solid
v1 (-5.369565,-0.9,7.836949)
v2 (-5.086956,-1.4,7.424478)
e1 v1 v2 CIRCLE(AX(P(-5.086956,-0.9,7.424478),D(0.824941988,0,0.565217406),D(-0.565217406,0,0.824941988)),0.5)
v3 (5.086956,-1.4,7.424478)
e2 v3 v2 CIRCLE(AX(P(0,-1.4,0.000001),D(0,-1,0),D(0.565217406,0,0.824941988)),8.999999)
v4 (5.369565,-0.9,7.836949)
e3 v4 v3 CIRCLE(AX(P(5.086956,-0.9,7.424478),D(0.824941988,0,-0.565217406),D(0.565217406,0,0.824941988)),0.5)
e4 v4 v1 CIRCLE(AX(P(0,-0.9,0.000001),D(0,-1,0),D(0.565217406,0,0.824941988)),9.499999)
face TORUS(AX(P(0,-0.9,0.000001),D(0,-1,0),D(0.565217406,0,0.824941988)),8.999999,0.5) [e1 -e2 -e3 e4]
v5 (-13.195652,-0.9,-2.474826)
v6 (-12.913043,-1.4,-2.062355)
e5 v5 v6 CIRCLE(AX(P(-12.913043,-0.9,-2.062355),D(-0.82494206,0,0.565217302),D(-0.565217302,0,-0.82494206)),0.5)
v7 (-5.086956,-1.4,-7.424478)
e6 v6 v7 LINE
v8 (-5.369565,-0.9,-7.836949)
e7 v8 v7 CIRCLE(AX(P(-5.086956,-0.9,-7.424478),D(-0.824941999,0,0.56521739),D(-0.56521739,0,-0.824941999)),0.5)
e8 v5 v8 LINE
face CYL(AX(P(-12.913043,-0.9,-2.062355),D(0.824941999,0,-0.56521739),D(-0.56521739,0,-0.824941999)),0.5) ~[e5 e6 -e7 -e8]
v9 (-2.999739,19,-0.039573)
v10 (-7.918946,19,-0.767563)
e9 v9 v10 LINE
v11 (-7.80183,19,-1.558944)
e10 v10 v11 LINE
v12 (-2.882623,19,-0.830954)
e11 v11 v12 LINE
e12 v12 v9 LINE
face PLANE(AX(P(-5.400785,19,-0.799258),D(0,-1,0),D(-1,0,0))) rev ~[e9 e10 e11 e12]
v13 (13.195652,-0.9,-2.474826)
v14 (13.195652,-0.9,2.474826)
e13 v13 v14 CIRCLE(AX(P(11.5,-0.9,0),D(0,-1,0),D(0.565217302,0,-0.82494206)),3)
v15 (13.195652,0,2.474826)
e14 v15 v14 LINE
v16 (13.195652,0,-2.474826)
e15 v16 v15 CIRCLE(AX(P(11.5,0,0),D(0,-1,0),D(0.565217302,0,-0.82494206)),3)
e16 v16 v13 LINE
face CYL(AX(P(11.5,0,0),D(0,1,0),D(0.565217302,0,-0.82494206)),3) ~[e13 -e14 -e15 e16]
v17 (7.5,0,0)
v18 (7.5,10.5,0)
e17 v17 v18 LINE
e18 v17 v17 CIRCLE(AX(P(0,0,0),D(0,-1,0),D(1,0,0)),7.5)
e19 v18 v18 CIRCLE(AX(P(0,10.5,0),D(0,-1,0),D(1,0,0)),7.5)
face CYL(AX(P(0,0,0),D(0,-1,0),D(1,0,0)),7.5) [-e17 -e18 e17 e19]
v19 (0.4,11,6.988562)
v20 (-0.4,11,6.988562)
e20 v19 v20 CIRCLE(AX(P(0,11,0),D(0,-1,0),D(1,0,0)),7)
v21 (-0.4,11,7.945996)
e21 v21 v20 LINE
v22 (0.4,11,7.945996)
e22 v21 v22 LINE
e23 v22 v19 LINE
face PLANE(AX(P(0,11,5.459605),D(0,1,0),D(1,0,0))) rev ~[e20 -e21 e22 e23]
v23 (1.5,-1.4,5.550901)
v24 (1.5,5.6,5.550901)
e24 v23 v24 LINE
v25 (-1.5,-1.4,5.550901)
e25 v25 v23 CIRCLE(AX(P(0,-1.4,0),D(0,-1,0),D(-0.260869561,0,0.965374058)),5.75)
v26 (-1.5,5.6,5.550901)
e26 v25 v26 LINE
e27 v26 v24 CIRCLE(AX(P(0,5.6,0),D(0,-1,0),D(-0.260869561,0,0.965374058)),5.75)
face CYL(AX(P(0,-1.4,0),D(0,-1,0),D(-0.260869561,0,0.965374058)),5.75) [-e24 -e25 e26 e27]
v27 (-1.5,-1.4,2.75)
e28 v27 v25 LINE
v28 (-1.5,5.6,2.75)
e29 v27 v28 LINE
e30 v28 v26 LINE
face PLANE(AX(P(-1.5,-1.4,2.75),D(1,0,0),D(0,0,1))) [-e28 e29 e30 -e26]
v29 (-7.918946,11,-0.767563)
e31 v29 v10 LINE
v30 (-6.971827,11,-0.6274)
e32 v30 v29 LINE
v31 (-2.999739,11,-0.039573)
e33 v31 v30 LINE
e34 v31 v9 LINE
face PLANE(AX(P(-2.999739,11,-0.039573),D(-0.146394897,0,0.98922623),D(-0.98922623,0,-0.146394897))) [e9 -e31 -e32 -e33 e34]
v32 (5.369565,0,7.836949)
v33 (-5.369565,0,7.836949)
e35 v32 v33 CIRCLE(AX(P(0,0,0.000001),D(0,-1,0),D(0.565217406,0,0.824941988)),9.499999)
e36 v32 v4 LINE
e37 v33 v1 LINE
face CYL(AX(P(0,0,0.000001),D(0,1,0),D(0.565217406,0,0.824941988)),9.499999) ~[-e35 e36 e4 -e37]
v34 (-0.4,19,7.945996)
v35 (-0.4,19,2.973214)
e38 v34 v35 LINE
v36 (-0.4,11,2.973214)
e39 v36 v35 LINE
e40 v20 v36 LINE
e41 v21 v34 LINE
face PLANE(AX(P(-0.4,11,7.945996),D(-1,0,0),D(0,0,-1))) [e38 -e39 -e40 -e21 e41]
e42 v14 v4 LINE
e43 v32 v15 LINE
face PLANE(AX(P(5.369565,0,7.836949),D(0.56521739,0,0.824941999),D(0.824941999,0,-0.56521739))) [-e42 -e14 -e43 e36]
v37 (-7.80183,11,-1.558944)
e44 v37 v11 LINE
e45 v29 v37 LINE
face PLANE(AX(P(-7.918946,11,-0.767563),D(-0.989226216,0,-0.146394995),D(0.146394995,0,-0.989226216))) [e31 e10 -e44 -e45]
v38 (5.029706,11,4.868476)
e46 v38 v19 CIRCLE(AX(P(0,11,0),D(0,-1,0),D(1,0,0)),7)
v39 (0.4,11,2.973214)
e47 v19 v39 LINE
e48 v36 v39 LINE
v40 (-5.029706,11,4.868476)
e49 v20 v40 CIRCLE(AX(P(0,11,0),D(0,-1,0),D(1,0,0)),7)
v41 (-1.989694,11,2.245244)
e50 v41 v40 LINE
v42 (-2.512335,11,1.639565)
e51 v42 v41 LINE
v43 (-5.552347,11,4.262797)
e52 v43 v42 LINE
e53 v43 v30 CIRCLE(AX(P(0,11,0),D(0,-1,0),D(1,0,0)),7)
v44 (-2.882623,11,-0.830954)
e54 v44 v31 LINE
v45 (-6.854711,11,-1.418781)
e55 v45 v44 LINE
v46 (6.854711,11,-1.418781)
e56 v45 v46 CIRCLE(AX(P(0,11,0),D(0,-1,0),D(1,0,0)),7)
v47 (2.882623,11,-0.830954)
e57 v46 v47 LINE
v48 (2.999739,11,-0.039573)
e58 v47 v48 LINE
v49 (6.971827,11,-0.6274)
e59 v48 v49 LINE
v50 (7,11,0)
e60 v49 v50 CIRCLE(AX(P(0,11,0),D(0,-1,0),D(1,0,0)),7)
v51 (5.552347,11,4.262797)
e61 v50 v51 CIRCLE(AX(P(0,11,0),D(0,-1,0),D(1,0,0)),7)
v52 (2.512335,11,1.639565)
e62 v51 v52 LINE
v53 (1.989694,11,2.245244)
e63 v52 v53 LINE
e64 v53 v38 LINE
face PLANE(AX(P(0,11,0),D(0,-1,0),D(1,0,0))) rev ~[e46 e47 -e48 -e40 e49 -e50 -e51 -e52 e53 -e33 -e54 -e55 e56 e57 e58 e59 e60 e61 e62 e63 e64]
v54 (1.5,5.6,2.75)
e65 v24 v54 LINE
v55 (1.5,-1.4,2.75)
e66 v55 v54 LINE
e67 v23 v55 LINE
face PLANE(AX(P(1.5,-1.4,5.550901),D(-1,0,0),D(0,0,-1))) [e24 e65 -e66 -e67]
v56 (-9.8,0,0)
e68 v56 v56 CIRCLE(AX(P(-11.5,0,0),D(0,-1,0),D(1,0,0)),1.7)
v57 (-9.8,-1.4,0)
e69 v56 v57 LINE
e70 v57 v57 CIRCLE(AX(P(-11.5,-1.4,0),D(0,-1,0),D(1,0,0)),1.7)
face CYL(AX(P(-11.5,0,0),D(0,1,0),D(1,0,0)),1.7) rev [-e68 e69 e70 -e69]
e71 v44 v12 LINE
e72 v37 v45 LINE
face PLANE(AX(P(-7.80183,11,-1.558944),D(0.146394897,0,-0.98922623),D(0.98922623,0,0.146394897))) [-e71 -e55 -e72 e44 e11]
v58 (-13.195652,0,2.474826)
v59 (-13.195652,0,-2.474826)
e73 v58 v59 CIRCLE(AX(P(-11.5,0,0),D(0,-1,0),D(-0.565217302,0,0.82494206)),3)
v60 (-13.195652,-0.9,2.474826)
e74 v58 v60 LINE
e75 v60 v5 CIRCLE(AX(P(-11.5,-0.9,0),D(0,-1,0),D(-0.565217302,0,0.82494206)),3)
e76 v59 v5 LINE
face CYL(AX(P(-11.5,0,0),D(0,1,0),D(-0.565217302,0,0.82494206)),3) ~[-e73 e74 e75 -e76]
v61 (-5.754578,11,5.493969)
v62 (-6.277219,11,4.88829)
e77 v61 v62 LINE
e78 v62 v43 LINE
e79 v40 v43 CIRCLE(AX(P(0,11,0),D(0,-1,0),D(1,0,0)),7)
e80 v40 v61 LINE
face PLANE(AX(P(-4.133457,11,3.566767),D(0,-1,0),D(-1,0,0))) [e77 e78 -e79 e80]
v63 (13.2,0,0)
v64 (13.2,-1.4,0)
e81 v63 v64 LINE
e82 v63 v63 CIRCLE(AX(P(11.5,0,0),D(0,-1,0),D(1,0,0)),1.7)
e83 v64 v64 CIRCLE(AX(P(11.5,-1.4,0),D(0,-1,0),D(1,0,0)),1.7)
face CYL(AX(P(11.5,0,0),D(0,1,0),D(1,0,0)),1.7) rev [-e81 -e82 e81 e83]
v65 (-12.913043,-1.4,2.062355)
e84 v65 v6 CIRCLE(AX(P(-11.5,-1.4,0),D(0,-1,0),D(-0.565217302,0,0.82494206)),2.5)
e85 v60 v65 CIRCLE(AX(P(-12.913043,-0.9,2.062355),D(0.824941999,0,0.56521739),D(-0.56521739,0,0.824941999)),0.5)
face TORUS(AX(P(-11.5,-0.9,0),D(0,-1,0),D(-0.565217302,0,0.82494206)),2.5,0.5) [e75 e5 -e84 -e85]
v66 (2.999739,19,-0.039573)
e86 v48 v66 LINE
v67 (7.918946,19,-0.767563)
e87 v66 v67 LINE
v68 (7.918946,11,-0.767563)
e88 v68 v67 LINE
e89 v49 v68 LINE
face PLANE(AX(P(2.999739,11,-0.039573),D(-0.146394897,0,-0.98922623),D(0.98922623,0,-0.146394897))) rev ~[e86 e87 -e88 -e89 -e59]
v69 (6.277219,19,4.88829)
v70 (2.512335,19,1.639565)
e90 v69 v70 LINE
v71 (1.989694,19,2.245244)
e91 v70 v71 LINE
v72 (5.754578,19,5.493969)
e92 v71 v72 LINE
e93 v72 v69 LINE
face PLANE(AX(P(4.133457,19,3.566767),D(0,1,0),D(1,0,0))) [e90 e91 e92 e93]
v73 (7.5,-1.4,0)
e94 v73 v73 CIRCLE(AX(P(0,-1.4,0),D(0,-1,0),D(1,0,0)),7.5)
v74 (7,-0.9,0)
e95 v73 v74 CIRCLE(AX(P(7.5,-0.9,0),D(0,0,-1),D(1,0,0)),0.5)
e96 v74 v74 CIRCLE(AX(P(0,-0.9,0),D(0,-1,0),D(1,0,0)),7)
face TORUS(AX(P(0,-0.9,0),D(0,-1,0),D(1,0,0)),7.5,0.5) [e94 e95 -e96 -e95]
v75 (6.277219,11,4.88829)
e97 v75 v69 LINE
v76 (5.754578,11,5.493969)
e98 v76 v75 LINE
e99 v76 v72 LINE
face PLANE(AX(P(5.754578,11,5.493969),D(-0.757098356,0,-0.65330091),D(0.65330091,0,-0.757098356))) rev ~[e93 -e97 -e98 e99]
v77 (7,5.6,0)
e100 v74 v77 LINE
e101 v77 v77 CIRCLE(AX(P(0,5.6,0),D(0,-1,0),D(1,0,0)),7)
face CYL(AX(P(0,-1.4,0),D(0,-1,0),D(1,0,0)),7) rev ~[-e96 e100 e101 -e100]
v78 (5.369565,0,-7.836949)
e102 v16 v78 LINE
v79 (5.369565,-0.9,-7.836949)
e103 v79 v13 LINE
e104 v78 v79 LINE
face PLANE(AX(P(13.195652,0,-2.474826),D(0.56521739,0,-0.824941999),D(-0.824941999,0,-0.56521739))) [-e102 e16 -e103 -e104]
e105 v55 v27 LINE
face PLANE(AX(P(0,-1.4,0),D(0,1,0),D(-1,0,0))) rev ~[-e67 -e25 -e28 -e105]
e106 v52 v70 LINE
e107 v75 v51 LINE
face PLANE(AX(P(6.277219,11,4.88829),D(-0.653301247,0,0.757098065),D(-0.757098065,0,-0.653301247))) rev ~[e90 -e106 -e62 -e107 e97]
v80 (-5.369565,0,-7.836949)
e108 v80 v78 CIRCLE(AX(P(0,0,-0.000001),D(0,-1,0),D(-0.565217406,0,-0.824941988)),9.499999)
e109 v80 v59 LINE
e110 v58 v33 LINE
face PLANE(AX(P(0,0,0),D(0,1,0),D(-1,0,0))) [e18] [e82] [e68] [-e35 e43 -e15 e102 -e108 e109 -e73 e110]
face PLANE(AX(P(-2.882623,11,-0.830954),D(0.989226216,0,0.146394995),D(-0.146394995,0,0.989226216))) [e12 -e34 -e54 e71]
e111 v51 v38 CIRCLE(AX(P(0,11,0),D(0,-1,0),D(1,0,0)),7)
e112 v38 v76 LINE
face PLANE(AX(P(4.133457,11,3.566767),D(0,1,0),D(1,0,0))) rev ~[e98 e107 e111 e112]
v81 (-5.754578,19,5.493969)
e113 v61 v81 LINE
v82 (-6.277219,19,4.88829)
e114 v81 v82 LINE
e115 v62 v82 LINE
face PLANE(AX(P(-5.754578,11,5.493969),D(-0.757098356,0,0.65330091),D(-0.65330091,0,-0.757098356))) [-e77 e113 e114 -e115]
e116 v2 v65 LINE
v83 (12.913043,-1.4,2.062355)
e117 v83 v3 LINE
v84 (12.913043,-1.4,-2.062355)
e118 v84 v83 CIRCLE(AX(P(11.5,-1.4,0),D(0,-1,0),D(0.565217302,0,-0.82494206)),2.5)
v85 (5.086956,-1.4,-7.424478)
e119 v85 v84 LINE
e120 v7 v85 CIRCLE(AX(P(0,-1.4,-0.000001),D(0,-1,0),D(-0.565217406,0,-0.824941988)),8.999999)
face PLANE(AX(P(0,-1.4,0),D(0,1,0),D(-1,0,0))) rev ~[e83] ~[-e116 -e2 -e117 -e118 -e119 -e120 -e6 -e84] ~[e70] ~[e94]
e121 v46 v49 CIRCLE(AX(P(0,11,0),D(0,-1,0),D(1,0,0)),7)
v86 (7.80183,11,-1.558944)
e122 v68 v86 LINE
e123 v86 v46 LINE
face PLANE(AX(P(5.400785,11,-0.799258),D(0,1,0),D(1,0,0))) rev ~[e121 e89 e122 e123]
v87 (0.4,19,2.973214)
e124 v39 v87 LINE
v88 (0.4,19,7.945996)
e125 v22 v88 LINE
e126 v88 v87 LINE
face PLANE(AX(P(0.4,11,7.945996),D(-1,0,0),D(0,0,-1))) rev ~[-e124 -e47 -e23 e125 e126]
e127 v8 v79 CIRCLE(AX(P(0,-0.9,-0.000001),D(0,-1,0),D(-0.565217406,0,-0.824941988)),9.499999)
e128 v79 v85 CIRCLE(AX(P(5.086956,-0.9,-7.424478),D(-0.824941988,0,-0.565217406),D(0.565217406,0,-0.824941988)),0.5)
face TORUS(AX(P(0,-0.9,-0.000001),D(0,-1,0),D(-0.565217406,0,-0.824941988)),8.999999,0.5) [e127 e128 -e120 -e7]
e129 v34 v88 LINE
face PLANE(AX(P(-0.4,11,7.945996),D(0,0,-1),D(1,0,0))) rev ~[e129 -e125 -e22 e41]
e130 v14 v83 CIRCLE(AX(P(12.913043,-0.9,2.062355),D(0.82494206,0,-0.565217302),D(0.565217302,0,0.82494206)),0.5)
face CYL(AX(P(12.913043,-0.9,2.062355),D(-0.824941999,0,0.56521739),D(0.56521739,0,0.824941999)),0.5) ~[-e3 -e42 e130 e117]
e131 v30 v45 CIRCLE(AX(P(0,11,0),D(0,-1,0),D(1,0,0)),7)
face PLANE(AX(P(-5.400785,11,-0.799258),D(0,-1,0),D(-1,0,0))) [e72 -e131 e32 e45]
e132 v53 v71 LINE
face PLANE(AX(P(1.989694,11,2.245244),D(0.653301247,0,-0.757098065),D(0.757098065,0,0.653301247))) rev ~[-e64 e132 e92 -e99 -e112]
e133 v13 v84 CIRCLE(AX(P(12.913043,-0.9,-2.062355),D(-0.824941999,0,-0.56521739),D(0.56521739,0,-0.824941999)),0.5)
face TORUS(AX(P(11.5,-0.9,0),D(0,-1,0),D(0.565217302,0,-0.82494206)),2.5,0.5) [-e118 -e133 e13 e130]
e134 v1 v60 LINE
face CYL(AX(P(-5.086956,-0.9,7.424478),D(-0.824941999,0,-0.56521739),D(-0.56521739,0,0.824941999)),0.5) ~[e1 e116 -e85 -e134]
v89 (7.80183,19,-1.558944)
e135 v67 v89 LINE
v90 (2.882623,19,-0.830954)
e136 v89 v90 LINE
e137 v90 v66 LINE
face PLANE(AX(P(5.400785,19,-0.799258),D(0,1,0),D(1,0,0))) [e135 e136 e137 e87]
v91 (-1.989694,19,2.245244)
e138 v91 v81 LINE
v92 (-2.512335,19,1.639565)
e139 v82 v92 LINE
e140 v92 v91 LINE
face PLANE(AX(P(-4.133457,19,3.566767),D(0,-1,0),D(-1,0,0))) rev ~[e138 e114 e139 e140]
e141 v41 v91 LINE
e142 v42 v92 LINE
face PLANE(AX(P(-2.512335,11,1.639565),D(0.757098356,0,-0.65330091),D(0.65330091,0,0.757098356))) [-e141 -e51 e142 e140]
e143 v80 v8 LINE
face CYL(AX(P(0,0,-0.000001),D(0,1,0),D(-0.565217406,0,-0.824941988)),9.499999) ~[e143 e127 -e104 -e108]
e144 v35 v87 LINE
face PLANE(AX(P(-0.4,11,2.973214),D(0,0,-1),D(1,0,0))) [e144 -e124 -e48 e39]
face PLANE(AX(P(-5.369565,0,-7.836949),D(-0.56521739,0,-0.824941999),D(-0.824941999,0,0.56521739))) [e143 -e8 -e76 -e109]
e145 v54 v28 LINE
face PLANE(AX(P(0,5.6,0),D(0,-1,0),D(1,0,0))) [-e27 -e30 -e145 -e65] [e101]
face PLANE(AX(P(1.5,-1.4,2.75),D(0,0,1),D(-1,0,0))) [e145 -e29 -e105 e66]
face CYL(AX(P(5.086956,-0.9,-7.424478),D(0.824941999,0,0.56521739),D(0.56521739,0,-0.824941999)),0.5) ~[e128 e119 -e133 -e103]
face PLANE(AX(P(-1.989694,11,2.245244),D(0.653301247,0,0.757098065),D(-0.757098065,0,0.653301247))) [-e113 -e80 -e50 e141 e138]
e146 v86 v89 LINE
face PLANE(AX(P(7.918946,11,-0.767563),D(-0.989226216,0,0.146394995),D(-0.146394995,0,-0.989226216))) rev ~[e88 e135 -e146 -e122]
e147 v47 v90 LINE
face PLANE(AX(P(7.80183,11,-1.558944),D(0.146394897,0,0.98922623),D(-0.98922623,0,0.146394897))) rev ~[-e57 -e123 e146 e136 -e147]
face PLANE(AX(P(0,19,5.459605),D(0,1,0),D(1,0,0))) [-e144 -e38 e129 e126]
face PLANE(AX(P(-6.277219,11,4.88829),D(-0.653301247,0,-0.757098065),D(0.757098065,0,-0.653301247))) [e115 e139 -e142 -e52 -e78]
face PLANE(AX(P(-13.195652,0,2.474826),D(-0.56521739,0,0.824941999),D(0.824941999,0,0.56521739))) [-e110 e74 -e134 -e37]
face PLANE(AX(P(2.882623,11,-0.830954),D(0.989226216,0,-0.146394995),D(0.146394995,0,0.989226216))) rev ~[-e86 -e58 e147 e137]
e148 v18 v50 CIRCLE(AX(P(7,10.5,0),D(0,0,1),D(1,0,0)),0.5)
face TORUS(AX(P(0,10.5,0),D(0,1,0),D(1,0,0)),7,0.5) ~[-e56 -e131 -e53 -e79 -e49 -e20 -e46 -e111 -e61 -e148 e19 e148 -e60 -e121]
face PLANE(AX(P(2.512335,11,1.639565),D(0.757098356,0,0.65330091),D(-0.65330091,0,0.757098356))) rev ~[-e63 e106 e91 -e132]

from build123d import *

# Parameters (mm, degrees)
SKETCH_R     = 1.7
PAD_DEPTH    = 1.4
SKETCH001_R  = 7.5
PAD001_DEPTH = 11
SKETCH002_R  = 7
POCKET_DEPTH = 7
FILLET_R     = 0.5
SKETCH004_W  = 0.8
SKETCH004_H  = 4.972782
PAD002_DEPTH = 8


with BuildPart() as part:
    # Sketch → Pad (new body)
    with BuildSketch(Plane.XZ):
        with BuildLine():
            Line((5.369565, 7.836949), (13.195652, 2.474826))
            ThreePointArc((13.195652, -2.474826), (14.5, 0), (13.195652, 2.474826))
            Line((13.195652, -2.474826), (5.369565, -7.836949))
            ThreePointArc((-5.369565, -7.836949), (0, -9.5), (5.369565, -7.836949))
            Line((-5.369565, -7.836949), (-13.195652, -2.474826))
            ThreePointArc((-13.195652, 2.474826), (-14.5, 0), (-13.195652, -2.474826))
            Line((-13.195652, 2.474826), (-5.369565, 7.836949))
            ThreePointArc((5.369565, 7.836949), (0, 9.5), (-5.369565, 7.836949))
        make_face()
        with Locations((11.5, 0)):
            Circle(SKETCH_R, mode=Mode.SUBTRACT)
        with Locations((-11.5, 0)):
            Circle(SKETCH_R, mode=Mode.SUBTRACT)
    extrude(amount=PAD_DEPTH)

    # Sketch001 → Pad001 (join)
    with BuildSketch(Plane.XZ):
        Circle(SKETCH001_R)
    extrude(amount=-PAD001_DEPTH)

    # Sketch002 (on Face5 of Pad001) → Pocket (cut)
    with BuildSketch(Plane.XZ.offset(1.4)):
        Circle(SKETCH002_R)
        with BuildLine():
            ThreePointArc((-1.5, 5.550901), (0, -5.75), (1.5, 5.550901))
            Line((1.5, 5.550901), (1.5, 2.75))
            Line((1.5, 2.75), (-1.5, 2.75))
            Line((-1.5, 2.75), (-1.5, 5.550901))
        make_face(mode=Mode.SUBTRACT)
    extrude(amount=-POCKET_DEPTH, mode=Mode.SUBTRACT)

    # Fillet
    fillet_edges = [part.edges().sort_by_distance(p)[0] for p in [
        (0, -1.4, 9.5),
        (-9.282609, -1.4, 5.155887),
        (-14.5, -1.4, 0),
        (-9.282609, -1.4, -5.155887),
        (0, -1.4, -9.5),
        (9.282609, -1.4, -5.155887),
        (14.5, -1.4, 0),
        (9.282609, -1.4, 5.155887),
        (-7.5, 11, 0),
        (-7, -1.4, 0),
    ]]
    fillet(fillet_edges, radius=FILLET_R)

    # Sketch004 (on Face25 of Fillet) → Pad002 (join)
    with BuildSketch(Plane(origin=(0, 11, 0), x_dir=(1, 0, 0), z_dir=(0, 1, 0))):
        Polygon((2.999739, 0.039573), (7.918946, 0.767563), (7.80183, 1.558944), (2.882623, 0.830954), align=None)
        Polygon((2.512335, -1.639565), (1.989694, -2.245244), (5.754578, -5.493969), (6.277219, -4.88829), align=None)
        with Locations((0, -5.459605)):
            Rectangle(SKETCH004_W, SKETCH004_H)
        Polygon((-5.754578, -5.493969), (-6.277219, -4.88829), (-2.512335, -1.639565), (-1.989694, -2.245244), align=None)
        Polygon((-2.999739, 0.039573), (-7.918946, 0.767563), (-7.80183, 1.558944), (-2.882623, 0.830954), align=None)
    extrude(amount=PAD002_DEPTH)


solid = part.part
